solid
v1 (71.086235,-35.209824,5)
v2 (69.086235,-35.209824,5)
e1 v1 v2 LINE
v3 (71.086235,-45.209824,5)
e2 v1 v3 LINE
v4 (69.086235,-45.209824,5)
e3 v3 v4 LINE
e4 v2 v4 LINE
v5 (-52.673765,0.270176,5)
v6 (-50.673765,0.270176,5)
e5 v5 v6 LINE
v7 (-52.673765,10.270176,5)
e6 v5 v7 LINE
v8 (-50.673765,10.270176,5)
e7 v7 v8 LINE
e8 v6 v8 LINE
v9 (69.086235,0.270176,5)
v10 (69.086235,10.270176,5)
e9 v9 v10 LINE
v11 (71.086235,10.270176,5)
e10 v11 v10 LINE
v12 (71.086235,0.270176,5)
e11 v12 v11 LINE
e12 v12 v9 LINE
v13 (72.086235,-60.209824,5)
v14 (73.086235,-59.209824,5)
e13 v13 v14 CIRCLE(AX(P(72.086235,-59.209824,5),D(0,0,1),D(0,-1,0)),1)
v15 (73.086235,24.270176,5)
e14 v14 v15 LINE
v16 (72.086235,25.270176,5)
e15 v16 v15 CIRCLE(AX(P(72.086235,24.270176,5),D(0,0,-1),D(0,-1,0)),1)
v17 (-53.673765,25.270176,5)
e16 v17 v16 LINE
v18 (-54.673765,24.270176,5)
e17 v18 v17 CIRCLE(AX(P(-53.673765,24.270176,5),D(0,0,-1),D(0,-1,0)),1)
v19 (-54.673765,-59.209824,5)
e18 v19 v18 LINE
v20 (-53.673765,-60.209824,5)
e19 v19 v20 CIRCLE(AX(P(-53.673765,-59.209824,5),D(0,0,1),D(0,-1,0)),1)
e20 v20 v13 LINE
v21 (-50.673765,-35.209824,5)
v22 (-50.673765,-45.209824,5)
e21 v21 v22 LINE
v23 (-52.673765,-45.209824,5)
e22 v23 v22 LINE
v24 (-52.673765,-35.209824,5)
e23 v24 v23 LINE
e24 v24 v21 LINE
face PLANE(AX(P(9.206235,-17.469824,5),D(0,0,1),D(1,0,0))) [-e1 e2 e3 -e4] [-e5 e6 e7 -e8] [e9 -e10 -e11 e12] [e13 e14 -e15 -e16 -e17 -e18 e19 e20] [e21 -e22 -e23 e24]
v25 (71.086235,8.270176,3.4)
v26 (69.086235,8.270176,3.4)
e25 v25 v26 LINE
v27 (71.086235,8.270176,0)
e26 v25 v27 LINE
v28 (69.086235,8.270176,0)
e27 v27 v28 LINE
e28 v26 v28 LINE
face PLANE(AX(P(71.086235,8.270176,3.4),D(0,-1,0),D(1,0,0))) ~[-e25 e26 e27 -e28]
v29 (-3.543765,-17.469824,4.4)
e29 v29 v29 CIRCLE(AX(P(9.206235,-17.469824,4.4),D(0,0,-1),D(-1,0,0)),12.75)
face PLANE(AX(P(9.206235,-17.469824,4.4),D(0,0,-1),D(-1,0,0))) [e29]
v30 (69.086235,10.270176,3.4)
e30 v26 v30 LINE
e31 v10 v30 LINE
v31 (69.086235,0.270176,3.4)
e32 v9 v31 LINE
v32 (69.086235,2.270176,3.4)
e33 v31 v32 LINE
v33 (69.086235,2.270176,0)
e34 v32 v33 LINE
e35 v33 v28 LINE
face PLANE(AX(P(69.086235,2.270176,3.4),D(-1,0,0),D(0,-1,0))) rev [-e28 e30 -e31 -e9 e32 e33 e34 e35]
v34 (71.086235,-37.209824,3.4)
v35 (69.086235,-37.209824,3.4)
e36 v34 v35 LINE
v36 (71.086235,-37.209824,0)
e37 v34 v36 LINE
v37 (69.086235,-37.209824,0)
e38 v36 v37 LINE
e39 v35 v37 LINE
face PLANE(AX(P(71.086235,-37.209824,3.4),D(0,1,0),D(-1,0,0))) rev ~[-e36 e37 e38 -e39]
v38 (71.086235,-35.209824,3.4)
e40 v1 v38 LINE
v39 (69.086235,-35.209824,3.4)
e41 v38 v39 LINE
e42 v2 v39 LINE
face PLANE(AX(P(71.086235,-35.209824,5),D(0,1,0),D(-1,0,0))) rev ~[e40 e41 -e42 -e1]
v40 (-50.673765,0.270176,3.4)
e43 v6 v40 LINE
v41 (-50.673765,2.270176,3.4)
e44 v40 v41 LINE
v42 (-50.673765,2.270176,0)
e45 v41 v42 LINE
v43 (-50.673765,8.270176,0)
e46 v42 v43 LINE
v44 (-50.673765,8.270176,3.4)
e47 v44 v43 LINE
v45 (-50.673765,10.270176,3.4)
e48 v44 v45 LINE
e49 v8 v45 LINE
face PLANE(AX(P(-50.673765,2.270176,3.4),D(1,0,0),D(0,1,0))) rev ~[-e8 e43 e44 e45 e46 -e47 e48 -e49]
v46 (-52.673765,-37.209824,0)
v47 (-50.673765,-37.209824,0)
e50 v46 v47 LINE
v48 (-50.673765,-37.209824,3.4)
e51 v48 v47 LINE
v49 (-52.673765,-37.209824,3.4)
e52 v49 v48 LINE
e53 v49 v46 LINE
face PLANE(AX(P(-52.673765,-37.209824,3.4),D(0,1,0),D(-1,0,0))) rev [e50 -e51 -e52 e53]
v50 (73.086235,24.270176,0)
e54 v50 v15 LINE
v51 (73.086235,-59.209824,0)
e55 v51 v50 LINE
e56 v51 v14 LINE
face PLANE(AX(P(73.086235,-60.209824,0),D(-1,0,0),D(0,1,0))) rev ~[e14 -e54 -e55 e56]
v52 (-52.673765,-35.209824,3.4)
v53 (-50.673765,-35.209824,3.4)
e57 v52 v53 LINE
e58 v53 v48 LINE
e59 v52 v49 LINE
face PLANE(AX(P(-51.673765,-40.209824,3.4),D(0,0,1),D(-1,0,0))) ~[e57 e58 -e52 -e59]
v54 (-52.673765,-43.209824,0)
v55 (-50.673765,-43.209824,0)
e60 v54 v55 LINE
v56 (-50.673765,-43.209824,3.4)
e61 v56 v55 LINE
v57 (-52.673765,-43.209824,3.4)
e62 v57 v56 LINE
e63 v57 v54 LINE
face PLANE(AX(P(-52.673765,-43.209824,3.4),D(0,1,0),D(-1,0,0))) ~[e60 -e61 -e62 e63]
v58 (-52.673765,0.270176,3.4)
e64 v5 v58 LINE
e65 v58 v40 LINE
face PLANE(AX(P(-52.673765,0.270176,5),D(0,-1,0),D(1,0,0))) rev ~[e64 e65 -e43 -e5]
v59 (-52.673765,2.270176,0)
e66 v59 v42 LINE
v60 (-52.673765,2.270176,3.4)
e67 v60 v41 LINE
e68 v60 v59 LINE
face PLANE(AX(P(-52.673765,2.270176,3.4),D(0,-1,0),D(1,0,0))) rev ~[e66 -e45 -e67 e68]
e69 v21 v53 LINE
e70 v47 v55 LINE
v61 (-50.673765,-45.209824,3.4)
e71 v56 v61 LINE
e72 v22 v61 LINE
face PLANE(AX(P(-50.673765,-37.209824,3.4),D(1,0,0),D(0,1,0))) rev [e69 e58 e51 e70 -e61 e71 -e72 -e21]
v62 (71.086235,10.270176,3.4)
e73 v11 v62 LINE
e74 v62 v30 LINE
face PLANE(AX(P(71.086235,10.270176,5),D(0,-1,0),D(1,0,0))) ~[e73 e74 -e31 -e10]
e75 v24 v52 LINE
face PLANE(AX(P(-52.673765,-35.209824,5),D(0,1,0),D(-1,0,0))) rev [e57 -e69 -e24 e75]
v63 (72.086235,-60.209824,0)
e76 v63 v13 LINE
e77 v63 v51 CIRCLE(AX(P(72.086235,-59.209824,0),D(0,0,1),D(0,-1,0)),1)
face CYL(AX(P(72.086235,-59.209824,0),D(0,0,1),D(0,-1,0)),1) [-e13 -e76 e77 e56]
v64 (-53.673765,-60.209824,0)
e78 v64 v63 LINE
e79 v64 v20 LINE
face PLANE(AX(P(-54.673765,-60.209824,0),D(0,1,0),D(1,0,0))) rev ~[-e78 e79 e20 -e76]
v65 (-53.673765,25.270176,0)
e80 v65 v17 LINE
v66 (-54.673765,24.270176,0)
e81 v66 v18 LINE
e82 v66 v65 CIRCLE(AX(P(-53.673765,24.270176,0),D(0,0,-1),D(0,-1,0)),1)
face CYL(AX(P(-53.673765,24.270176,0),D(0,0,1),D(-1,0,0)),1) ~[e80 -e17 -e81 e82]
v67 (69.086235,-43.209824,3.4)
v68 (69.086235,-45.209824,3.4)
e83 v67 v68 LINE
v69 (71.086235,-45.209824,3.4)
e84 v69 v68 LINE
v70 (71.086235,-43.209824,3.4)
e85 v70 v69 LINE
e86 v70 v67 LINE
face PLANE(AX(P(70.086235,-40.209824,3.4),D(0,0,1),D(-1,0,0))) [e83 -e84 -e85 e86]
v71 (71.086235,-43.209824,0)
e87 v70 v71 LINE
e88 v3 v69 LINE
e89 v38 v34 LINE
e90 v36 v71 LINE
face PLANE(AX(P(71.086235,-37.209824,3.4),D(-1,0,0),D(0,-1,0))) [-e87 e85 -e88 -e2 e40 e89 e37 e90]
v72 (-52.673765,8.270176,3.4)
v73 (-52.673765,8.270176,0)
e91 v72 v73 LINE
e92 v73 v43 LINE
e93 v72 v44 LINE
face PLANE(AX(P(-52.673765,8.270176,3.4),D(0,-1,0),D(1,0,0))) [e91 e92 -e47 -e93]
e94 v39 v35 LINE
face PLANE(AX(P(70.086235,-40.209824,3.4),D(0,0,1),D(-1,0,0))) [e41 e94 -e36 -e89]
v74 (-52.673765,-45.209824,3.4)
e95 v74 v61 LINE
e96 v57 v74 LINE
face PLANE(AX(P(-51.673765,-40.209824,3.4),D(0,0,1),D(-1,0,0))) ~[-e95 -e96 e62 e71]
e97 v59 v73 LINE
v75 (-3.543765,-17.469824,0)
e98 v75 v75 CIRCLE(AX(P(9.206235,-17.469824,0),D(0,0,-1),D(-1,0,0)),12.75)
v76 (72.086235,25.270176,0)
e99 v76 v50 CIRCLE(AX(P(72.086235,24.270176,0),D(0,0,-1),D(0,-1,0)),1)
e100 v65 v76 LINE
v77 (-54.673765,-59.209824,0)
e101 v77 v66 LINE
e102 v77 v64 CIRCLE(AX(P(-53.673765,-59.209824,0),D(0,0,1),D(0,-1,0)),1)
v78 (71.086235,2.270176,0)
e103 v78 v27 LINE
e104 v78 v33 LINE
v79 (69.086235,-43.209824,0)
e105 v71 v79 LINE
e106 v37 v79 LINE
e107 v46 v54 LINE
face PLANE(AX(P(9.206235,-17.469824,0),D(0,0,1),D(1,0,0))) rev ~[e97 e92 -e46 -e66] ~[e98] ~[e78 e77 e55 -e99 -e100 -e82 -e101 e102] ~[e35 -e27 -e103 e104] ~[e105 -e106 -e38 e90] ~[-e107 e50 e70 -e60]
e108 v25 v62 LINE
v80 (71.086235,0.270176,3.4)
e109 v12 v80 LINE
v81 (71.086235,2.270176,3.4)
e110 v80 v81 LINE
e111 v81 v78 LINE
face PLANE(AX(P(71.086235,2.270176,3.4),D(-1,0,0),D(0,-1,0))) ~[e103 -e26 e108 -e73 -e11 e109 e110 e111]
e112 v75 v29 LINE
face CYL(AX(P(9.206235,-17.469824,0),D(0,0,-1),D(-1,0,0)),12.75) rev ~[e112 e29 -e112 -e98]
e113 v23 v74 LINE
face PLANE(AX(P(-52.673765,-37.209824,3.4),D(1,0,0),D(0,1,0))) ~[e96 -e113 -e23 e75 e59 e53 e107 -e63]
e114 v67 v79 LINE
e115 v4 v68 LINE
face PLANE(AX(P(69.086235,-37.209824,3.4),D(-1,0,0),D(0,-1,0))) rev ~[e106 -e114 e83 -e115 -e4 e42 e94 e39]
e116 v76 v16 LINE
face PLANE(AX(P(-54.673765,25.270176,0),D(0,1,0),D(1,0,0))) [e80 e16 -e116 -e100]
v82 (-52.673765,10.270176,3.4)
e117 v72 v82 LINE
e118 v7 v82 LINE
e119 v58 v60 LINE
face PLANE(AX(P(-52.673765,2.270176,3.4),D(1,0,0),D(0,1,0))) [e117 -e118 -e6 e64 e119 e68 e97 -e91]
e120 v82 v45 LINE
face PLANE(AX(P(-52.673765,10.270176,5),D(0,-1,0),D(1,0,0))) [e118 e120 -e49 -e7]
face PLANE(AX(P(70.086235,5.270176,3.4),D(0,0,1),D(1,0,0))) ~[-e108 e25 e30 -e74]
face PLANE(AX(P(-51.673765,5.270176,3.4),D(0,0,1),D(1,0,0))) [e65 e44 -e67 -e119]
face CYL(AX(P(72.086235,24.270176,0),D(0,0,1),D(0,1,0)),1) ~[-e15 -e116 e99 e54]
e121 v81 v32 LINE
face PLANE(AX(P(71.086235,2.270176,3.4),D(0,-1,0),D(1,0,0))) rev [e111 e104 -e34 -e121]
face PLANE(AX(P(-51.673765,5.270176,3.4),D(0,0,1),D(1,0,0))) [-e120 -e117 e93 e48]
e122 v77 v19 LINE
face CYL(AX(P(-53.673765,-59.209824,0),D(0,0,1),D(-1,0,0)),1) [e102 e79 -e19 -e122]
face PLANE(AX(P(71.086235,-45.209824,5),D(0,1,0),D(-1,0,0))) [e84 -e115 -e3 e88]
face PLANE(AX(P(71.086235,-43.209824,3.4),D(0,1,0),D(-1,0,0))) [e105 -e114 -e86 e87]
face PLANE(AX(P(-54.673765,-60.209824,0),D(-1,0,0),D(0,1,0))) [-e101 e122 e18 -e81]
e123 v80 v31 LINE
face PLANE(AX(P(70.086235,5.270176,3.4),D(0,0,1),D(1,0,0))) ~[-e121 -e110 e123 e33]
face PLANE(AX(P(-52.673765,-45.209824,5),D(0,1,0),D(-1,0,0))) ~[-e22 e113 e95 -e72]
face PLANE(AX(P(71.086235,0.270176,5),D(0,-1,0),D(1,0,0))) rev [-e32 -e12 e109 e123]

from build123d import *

# Parameters (mm, degrees)
SKETCH1_W               = 127.76
SKETCH1_H               = 85.48
BOSS_EXTRUDE1_DEPTH     = 5
SKETCH3_W               = 2
SKETCH3_H               = 10
CUT_EXTRUDE2_DEPTH      = 1.6
SKETCH4_W               = 2
SKETCH4_H               = 6
CUT_EXTRUDE3_DEPTH      = 95.754317257
MIRROR2_COPY_1_SKETCH_W = 2
MIRROR2_COPY_1_SKETCH_H = 10
MIRROR2_COPY_1_DEPTH    = 1.6
MIRROR2_COPY_2_SKETCH_W = 2
MIRROR2_COPY_2_SKETCH_H = 6
MIRROR2_COPY_2_DEPTH    = 95.754317257
SKETCH6_R               = 12.75
CUT_EXTRUDE4_DEPTH      = 4.4
FILLET1_R               = 1


with BuildPart() as part:
    # Sketch1 → Boss-Extrude1 (new body)
    with BuildSketch(Plane.XY):
        with Locations((9.206235294, -17.469823529)):
            Rectangle(SKETCH1_W, SKETCH1_H)
    extrude(amount=BOSS_EXTRUDE1_DEPTH)

    # Sketch3 → Cut-Extrude2 (cut)
    with BuildSketch(Plane.XY.offset(5)):
        with Locations((-51.673764706, 5.270176471)):
            Rectangle(SKETCH3_W, SKETCH3_H)
    cut_extrude2 = extrude(amount=-CUT_EXTRUDE2_DEPTH, mode=Mode.SUBTRACT)

    # Sketch4 → Cut-Extrude3 (cut, through all)
    with BuildSketch(Plane.XY.offset(3.4)):
        with Locations((-51.673764706, 5.270176471)):
            Rectangle(SKETCH4_W, SKETCH4_H)
    cut_extrude3 = extrude(amount=-CUT_EXTRUDE3_DEPTH, mode=Mode.SUBTRACT)

    # Mirror1: Cut-Extrude2, Cut-Extrude3 across plane
    add(cut_extrude2.mirror(Plane.ZY.offset(-9.206235294)), mode=Mode.SUBTRACT)
    add(cut_extrude3.mirror(Plane.ZY.offset(-9.206235294)), mode=Mode.SUBTRACT)

    # Mirror2: Cut-Extrude2, Cut-Extrude3 across plane
    add(cut_extrude2.mirror(Plane.ZX.offset(-17.469823529)), mode=Mode.SUBTRACT)
    add(cut_extrude3.mirror(Plane.ZX.offset(-17.469823529)), mode=Mode.SUBTRACT)

    # Mirror2 copy 1 sketch → Mirror2 copy 1 (cut)
    with BuildSketch(Plane(origin=(18.412470588, -34.939647059, 5), x_dir=(-1, 0, 0), z_dir=(0, 0, 1))):
        with Locations((-51.673764706, 5.270176471)):
            Rectangle(MIRROR2_COPY_1_SKETCH_W, MIRROR2_COPY_1_SKETCH_H)
    extrude(amount=-MIRROR2_COPY_1_DEPTH, mode=Mode.SUBTRACT)

    # Mirror2 copy 2 sketch → Mirror2 copy 2 (cut, through all)
    with BuildSketch(Plane(origin=(18.412470588, -34.939647059, 3.4), x_dir=(-1, 0, 0), z_dir=(0, 0, 1))):
        with Locations((-51.673764706, 5.270176471)):
            Rectangle(MIRROR2_COPY_2_SKETCH_W, MIRROR2_COPY_2_SKETCH_H)
    extrude(amount=-MIRROR2_COPY_2_DEPTH, mode=Mode.SUBTRACT)

    # Sketch6 → Cut-Extrude4 (cut)
    with BuildSketch(Plane(origin=(0, 0, 0), x_dir=(-1, 0, 0), z_dir=(0, 0, -1))):
        with Locations((-9.206235294, -17.469823529)):
            Circle(SKETCH6_R)
    extrude(amount=-CUT_EXTRUDE4_DEPTH, mode=Mode.SUBTRACT)

    # Fillet1
    fillet1_edges = [part.edges().sort_by_distance(p)[0] for p in [
        (-54.673764706, 25.270176471, 2.5),
        (73.086235294, 25.270176471, 2.5),
        (73.086235294, -60.209823529, 2.5),
        (-54.673764706, -60.209823529, 2.5),
    ]]
    fillet(fillet1_edges, radius=FILLET1_R)


solid = part.part
